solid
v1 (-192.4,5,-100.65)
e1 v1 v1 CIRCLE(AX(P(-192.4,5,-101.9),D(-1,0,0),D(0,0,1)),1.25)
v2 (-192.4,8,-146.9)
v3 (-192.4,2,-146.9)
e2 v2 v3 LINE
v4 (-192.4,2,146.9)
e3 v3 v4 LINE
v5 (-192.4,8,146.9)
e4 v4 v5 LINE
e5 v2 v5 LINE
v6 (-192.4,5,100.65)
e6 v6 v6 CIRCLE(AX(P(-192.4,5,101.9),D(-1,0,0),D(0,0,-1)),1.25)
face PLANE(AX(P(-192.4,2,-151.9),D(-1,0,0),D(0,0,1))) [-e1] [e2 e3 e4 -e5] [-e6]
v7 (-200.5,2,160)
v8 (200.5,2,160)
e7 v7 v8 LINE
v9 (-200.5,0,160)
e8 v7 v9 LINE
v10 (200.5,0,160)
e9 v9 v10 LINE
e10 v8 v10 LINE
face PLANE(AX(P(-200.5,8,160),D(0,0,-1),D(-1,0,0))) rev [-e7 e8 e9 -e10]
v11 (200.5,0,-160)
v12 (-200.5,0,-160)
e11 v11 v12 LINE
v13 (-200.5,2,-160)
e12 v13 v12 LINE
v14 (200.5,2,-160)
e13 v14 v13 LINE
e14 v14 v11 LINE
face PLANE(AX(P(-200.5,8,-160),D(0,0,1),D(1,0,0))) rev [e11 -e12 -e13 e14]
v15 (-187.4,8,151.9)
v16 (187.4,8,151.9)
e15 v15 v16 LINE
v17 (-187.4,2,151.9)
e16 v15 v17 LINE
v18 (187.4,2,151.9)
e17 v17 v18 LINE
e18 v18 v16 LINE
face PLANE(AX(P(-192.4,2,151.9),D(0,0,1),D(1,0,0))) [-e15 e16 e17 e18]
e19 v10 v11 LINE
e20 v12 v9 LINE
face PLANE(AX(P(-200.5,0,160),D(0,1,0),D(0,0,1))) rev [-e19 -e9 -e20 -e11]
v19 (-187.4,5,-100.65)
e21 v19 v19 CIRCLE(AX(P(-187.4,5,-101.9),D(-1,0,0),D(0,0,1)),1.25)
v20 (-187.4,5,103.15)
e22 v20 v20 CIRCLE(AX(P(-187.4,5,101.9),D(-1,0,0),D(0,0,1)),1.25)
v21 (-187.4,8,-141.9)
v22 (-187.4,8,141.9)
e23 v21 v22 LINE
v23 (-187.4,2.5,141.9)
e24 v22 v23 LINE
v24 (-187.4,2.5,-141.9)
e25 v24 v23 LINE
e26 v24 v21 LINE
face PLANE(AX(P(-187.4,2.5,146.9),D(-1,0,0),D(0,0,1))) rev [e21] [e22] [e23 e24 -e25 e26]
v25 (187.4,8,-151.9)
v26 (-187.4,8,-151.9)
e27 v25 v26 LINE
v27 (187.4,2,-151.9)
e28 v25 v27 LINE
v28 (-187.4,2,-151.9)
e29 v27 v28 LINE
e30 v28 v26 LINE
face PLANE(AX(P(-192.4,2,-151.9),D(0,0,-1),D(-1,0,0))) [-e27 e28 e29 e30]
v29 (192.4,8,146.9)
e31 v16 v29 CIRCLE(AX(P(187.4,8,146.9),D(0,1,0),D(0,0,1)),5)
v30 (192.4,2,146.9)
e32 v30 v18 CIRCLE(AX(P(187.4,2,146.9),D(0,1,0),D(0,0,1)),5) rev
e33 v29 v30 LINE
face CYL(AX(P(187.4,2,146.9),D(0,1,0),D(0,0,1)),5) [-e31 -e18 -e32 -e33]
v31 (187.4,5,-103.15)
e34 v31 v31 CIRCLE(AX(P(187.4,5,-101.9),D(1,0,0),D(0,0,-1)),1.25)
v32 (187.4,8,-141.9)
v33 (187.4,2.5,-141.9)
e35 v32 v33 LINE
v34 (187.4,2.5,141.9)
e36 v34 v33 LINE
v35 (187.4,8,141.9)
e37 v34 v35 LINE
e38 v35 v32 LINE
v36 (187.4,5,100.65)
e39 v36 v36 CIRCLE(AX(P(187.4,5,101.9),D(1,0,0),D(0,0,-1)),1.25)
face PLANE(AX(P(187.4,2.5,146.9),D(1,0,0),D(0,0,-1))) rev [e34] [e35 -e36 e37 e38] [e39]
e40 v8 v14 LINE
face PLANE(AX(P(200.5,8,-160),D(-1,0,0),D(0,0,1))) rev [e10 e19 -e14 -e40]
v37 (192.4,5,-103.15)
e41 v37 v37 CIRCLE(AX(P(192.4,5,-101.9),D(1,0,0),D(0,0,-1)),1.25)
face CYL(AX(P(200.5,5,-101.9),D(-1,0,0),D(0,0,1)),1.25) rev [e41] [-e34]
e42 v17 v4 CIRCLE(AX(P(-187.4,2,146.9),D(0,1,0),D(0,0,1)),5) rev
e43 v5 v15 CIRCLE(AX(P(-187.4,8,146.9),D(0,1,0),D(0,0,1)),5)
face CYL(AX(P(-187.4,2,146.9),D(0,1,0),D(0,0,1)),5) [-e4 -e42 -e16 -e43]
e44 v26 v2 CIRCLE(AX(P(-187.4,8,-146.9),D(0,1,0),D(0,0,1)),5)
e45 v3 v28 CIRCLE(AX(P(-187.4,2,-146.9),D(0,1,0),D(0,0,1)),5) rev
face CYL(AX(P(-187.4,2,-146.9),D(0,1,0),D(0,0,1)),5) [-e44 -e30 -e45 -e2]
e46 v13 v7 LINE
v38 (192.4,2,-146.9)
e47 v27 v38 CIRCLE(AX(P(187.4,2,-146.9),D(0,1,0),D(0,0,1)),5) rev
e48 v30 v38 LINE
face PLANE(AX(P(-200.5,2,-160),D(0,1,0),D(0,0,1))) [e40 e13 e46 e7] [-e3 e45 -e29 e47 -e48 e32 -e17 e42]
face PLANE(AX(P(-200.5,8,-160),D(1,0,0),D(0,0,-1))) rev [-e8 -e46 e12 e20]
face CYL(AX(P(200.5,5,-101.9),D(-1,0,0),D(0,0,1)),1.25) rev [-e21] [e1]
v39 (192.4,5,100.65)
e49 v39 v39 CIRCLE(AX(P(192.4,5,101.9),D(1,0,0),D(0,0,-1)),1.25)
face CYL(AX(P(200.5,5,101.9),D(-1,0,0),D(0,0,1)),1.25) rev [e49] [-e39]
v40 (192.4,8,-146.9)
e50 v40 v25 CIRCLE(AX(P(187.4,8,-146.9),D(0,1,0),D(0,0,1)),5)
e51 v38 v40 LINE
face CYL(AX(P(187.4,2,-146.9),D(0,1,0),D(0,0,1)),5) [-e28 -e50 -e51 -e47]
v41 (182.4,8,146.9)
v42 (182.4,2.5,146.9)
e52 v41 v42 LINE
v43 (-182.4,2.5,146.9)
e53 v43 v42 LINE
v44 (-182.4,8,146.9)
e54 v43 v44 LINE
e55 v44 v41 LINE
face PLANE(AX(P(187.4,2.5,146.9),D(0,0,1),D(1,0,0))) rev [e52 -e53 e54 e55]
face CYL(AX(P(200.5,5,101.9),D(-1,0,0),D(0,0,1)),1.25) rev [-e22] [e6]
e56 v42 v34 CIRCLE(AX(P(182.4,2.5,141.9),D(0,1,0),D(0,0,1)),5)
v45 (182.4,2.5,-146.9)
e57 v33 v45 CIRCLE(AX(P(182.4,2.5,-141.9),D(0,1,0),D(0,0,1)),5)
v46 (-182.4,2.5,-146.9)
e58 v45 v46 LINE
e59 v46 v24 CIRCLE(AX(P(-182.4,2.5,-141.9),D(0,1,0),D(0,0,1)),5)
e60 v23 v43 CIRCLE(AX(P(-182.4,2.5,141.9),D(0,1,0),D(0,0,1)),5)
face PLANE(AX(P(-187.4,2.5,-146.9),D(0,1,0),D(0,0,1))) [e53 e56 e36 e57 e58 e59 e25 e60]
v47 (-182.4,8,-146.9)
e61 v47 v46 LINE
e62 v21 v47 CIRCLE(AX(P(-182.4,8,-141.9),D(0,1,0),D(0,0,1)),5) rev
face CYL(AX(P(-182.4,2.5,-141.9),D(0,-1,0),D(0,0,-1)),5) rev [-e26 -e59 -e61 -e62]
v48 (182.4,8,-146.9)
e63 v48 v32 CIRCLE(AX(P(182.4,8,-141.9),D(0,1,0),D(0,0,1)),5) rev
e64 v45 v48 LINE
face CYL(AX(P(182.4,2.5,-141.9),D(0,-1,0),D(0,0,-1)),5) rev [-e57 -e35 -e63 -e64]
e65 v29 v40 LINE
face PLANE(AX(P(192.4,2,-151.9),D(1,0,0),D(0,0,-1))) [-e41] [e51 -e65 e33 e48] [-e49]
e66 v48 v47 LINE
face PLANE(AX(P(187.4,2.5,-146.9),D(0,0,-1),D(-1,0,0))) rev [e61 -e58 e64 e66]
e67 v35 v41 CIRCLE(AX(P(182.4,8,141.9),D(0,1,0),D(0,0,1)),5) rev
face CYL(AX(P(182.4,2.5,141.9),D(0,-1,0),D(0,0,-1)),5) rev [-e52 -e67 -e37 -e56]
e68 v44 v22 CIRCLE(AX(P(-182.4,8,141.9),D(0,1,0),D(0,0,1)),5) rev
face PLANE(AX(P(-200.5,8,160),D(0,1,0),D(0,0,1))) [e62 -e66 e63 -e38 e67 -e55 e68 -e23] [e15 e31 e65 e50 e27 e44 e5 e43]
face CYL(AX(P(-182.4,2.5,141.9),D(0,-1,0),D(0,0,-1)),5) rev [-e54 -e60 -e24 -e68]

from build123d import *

# Parameters (mm, degrees)
SKETCH1_W          = 401
SKETCH1_H          = 320
EXTRUDE1_DEPTH     = 8
SKETCH2_W          = 401
SKETCH2_H          = 320
SKETCH2_W_2        = 384.8
SKETCH2_H_2        = 303.8
CUT_EXTRUDE1_DEPTH = 6
SKETCH3_W          = 374.8
SKETCH3_H          = 293.8
CUT_EXTRUDE2_DEPTH = 5.5
FILLET1_R          = 5
SKETCH4_R          = 1.25
CUT_EXTRUDE3_DEPTH = 425.304619348


with BuildPart() as part:
    # Sketch1 → Extrude1 (new body)
    with BuildSketch(Plane(origin=(0, 0, 0), x_dir=(1, 0, 0), z_dir=(0, 1, 0))):
        Rectangle(SKETCH1_W, SKETCH1_H)
    extrude(amount=EXTRUDE1_DEPTH)

    # Sketch2 → Cut-Extrude1 (cut)
    with BuildSketch(Plane(origin=(0, 8, 0), x_dir=(1, 0, 0), z_dir=(0, 1, 0))):
        Rectangle(SKETCH2_W, SKETCH2_H)
        Rectangle(SKETCH2_W_2, SKETCH2_H_2, mode=Mode.SUBTRACT)
    extrude(amount=-CUT_EXTRUDE1_DEPTH, mode=Mode.SUBTRACT)

    # Sketch3 → Cut-Extrude2 (cut)
    with BuildSketch(Plane(origin=(0, 8, 0), x_dir=(1, 0, 0), z_dir=(0, 1, 0))):
        Rectangle(SKETCH3_W, SKETCH3_H)
    extrude(amount=-CUT_EXTRUDE2_DEPTH, mode=Mode.SUBTRACT)

    # Fillet1
    fillet1_edges = [part.edges().sort_by_distance(p)[0] for p in [
        (192.4, 5, 151.9),
        (-192.4, 5, 151.9),
        (-192.4, 5, -151.9),
        (192.4, 5, -151.9),
        (-187.4, 5.25, 146.9),
        (-187.4, 5.25, -146.9),
        (187.4, 5.25, -146.9),
        (187.4, 5.25, 146.9),
    ]]
    fillet(fillet1_edges, radius=FILLET1_R)

    # Sketch4 → Cut-Extrude3 (cut, through all)
    with BuildSketch(Plane.ZY.offset(192.4)):
        with Locations(Location((-101.9, 5, 0), (0, 0, 180))):
            Circle(SKETCH4_R)
        with Locations(Location((101.9, 5, 0), (0, 0, 180))):
            Circle(SKETCH4_R)
    extrude(amount=-CUT_EXTRUDE3_DEPTH, mode=Mode.SUBTRACT)


solid = part.part
